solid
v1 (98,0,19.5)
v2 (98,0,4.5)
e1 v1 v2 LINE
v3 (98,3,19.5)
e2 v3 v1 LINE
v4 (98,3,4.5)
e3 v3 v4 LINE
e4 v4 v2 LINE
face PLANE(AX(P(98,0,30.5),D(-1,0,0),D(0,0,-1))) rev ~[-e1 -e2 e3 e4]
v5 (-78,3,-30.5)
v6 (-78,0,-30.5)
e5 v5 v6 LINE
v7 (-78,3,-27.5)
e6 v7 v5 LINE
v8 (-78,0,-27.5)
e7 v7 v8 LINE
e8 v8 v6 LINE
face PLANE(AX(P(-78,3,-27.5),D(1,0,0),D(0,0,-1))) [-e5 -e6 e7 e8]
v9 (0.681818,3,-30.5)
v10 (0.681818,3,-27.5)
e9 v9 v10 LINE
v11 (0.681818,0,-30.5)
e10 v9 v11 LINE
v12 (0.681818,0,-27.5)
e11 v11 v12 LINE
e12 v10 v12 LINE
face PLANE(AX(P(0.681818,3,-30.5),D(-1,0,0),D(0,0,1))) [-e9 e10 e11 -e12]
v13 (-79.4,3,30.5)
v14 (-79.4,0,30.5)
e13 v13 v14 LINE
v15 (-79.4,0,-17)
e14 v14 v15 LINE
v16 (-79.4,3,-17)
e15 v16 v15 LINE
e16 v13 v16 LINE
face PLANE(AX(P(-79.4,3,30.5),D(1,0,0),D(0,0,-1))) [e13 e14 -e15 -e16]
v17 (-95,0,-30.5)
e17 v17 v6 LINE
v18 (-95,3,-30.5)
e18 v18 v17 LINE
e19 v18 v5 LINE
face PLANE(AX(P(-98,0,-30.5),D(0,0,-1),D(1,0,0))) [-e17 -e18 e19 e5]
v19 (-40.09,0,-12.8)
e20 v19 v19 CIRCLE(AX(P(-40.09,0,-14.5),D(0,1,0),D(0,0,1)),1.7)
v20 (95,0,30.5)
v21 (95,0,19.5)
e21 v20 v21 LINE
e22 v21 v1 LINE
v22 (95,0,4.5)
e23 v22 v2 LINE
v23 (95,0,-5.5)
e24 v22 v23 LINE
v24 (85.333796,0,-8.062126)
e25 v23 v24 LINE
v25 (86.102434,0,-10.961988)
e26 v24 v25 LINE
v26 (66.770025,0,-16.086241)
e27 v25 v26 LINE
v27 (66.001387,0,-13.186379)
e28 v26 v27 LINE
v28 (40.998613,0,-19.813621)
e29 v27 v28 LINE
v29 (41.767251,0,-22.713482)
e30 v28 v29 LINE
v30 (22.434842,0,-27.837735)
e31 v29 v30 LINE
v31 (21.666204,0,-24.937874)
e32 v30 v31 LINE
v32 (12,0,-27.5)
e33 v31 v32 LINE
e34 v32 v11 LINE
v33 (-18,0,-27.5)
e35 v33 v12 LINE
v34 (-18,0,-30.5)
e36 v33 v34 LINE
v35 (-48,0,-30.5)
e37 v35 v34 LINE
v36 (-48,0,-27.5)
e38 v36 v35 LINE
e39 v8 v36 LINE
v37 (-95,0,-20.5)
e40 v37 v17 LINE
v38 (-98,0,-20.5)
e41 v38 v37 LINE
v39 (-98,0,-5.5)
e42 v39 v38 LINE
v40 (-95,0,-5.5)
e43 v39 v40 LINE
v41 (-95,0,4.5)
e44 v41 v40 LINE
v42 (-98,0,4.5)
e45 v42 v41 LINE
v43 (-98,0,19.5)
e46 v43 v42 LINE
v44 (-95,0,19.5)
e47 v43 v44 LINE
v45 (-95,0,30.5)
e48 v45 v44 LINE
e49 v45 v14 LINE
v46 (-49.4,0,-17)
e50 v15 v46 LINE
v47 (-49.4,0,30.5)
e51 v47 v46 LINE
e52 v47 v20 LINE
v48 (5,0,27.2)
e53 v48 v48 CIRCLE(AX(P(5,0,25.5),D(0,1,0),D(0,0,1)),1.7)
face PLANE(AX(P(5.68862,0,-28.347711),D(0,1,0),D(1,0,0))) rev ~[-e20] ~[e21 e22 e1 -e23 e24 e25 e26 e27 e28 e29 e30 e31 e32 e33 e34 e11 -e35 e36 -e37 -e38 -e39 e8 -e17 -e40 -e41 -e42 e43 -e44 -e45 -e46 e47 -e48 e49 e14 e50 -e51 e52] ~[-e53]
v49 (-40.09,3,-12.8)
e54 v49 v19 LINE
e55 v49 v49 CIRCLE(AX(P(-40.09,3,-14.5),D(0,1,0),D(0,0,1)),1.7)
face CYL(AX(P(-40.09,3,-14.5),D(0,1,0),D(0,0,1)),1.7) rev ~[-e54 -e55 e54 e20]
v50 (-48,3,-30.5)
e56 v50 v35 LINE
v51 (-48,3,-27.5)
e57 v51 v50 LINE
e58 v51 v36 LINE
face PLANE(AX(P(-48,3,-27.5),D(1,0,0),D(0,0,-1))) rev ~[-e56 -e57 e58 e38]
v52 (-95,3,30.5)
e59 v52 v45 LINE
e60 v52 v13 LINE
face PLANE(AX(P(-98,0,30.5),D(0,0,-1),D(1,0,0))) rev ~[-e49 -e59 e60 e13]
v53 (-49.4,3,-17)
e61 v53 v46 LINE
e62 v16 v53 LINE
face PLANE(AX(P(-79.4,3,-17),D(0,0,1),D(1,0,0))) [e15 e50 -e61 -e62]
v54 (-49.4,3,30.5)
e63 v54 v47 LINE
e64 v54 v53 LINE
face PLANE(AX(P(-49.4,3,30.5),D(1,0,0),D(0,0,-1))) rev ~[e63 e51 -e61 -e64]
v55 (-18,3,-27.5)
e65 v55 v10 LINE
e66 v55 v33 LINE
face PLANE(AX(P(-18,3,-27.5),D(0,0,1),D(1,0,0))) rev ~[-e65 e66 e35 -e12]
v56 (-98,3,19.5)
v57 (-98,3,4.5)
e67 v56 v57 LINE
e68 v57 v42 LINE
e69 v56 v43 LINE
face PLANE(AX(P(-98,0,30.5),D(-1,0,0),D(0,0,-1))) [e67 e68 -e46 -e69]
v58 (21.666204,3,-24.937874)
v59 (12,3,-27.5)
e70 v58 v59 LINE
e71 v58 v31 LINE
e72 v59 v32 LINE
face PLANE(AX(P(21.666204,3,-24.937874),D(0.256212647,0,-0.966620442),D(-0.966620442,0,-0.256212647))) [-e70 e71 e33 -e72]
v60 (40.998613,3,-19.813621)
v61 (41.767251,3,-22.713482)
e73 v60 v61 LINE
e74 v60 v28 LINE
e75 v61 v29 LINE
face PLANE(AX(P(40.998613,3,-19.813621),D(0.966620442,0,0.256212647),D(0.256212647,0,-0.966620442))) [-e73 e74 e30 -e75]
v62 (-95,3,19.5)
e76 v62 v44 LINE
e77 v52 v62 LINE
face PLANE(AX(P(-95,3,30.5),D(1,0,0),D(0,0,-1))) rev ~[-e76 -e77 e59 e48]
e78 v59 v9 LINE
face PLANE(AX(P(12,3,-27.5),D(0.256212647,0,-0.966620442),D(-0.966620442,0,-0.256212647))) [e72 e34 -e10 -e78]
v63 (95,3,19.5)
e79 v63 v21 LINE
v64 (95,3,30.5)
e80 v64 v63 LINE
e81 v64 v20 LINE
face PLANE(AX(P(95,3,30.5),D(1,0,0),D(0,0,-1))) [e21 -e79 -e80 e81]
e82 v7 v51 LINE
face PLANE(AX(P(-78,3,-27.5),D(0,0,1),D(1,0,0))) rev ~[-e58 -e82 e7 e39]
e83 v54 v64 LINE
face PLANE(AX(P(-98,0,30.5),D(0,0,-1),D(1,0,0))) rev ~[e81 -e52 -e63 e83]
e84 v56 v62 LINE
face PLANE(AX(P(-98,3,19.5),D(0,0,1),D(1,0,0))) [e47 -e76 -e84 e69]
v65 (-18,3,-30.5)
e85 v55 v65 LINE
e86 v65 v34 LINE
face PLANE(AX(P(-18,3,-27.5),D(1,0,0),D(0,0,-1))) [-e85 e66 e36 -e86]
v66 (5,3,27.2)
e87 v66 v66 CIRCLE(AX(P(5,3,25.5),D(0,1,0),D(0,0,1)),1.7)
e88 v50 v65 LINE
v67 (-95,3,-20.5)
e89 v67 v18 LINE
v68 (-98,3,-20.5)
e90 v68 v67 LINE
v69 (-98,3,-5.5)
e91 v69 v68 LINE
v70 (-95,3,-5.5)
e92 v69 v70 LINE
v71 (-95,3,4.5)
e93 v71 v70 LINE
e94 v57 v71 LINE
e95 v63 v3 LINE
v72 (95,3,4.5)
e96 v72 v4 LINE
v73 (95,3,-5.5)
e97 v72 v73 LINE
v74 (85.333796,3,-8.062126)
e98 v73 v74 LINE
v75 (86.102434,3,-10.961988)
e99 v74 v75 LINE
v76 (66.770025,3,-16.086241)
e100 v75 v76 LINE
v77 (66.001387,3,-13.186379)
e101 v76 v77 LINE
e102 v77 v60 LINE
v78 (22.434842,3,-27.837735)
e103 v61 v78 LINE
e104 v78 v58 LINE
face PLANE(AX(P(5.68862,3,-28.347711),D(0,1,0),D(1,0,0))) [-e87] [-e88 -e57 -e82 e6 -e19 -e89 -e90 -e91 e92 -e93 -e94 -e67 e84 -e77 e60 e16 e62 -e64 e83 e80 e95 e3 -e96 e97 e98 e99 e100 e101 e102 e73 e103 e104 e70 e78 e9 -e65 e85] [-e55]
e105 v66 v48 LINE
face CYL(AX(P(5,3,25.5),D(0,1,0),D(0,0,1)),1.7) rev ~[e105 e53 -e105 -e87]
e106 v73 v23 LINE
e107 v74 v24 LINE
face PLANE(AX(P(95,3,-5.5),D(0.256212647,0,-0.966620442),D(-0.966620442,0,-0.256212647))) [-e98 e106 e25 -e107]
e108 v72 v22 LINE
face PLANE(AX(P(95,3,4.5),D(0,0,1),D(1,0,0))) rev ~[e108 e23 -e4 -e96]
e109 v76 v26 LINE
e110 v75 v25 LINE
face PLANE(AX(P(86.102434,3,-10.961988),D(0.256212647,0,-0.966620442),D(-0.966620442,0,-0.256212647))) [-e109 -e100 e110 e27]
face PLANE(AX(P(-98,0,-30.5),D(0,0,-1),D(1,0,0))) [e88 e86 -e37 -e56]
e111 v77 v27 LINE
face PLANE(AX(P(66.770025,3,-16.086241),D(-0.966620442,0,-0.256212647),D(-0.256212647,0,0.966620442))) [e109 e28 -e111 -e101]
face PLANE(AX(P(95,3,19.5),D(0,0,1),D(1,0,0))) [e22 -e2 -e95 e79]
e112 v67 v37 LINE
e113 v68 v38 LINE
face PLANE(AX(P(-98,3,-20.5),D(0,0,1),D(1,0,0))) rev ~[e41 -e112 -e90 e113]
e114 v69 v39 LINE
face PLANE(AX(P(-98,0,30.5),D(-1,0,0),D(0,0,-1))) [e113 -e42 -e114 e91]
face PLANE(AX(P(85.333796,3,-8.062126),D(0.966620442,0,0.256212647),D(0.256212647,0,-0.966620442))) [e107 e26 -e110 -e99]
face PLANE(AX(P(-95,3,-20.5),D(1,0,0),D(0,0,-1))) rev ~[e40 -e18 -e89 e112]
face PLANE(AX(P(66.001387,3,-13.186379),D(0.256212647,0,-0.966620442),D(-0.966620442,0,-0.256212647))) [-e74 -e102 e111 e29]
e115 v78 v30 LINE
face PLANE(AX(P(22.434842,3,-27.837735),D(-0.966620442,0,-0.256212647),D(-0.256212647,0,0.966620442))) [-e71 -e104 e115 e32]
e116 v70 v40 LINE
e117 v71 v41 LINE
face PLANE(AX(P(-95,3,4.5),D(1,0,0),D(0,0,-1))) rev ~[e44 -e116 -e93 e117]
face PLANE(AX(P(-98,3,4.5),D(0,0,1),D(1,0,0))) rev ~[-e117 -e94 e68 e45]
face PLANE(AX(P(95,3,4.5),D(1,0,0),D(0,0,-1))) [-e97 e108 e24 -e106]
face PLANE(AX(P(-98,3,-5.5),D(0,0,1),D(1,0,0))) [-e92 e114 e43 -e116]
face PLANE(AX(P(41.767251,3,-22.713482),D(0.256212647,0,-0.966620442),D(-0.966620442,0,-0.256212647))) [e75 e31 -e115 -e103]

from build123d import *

# Parameters (mm, degrees)
SKETCH1_W           = 196
SKETCH1_H           = 61
BOSS_EXTRUDE1_DEPTH = 3
SKETCH2_R           = 1.7
SKETCH2_W           = 30
SKETCH2_H           = 47.5
SKETCH2_W_2         = 3
SKETCH2_H_2         = 10
SKETCH2_H_3         = 11
SKETCH2_H_4         = 3
CUT_EXTRUDE1_DEPTH  = 3
CUT_EXTRUDE2_DEPTH  = 10
BOSS_EXTRUDE2_DEPTH = 3


with BuildPart() as part:
    # Sketch1 → Boss-Extrude1 (new body)
    with BuildSketch(Plane(origin=(0, 0, 0), x_dir=(1, 0, 0), z_dir=(0, 1, 0))):
        Rectangle(SKETCH1_W, SKETCH1_H)
    extrude(amount=BOSS_EXTRUDE1_DEPTH)

    # Sketch2 → Cut-Extrude1 (cut)
    with BuildSketch(Plane(origin=(0, 3, 0), x_dir=(1, 0, 0), z_dir=(0, 1, 0))):
        with Locations(Location((-40.09, 14.5, 0), (0, 0, 270))):
            Circle(SKETCH2_R)
        with Locations(Location((5, -25.5, 0), (0, 0, 270))):
            Circle(SKETCH2_R)
        with Locations((-64.4, -6.75)):
            Rectangle(SKETCH2_W, SKETCH2_H)
        with Locations((-96.5, 25.5)):
            Rectangle(SKETCH2_W_2, SKETCH2_H_2)
        with Locations((-96.5, 0.5)):
            Rectangle(SKETCH2_W_2, SKETCH2_H_2)
        with Locations((-96.5, -25)):
            Rectangle(SKETCH2_W_2, SKETCH2_H_3)
        with Locations((96.5, 0.5)):
            Rectangle(SKETCH2_W_2, SKETCH2_H_2)
        with Locations((96.5, -25)):
            Rectangle(SKETCH2_W_2, SKETCH2_H_3)
        with Locations((-3, 29)):
            Rectangle(SKETCH2_W, SKETCH2_H_4)
        with Locations((-63, 29)):
            Rectangle(SKETCH2_W, SKETCH2_H_4)
        with Locations((57, 29)):
            Rectangle(SKETCH2_W, SKETCH2_H_4)
        with Locations((96.5, 25.5)):
            Rectangle(SKETCH2_W_2, SKETCH2_H_2)
    extrude(amount=-CUT_EXTRUDE1_DEPTH, mode=Mode.SUBTRACT)

    # Sketch3 → Cut-Extrude2 (cut)
    with BuildSketch(Plane(origin=(0, 3, 0), x_dir=(1, 0, 0), z_dir=(0, 1, 0))):
        Polygon((12, 30.5), (98, 30.5), (98, 5.5), (95, 5.5), (85.333795578, 8.062126473), (86.10243352, 10.9619878), (66.770024675, 16.086240747), (66.001386733, 13.18637942), (40.998613267, 19.81362058), (41.767251209, 22.713481907), (22.434842364, 27.837734853), (21.666204422, 24.937873527), (12, 27.5), align=None)
    extrude(amount=-CUT_EXTRUDE2_DEPTH, mode=Mode.SUBTRACT)

    # Sketch5 → Boss-Extrude2 (add)
    with BuildSketch(Plane(origin=(0, 3, 0), x_dir=(1, 0, 0), z_dir=(0, 1, 0))):
        Polygon((12, 27.5), (0.681818182, 30.5), (0.681818182, 27.5), align=None)
    extrude(amount=-BOSS_EXTRUDE2_DEPTH)


solid = part.part
